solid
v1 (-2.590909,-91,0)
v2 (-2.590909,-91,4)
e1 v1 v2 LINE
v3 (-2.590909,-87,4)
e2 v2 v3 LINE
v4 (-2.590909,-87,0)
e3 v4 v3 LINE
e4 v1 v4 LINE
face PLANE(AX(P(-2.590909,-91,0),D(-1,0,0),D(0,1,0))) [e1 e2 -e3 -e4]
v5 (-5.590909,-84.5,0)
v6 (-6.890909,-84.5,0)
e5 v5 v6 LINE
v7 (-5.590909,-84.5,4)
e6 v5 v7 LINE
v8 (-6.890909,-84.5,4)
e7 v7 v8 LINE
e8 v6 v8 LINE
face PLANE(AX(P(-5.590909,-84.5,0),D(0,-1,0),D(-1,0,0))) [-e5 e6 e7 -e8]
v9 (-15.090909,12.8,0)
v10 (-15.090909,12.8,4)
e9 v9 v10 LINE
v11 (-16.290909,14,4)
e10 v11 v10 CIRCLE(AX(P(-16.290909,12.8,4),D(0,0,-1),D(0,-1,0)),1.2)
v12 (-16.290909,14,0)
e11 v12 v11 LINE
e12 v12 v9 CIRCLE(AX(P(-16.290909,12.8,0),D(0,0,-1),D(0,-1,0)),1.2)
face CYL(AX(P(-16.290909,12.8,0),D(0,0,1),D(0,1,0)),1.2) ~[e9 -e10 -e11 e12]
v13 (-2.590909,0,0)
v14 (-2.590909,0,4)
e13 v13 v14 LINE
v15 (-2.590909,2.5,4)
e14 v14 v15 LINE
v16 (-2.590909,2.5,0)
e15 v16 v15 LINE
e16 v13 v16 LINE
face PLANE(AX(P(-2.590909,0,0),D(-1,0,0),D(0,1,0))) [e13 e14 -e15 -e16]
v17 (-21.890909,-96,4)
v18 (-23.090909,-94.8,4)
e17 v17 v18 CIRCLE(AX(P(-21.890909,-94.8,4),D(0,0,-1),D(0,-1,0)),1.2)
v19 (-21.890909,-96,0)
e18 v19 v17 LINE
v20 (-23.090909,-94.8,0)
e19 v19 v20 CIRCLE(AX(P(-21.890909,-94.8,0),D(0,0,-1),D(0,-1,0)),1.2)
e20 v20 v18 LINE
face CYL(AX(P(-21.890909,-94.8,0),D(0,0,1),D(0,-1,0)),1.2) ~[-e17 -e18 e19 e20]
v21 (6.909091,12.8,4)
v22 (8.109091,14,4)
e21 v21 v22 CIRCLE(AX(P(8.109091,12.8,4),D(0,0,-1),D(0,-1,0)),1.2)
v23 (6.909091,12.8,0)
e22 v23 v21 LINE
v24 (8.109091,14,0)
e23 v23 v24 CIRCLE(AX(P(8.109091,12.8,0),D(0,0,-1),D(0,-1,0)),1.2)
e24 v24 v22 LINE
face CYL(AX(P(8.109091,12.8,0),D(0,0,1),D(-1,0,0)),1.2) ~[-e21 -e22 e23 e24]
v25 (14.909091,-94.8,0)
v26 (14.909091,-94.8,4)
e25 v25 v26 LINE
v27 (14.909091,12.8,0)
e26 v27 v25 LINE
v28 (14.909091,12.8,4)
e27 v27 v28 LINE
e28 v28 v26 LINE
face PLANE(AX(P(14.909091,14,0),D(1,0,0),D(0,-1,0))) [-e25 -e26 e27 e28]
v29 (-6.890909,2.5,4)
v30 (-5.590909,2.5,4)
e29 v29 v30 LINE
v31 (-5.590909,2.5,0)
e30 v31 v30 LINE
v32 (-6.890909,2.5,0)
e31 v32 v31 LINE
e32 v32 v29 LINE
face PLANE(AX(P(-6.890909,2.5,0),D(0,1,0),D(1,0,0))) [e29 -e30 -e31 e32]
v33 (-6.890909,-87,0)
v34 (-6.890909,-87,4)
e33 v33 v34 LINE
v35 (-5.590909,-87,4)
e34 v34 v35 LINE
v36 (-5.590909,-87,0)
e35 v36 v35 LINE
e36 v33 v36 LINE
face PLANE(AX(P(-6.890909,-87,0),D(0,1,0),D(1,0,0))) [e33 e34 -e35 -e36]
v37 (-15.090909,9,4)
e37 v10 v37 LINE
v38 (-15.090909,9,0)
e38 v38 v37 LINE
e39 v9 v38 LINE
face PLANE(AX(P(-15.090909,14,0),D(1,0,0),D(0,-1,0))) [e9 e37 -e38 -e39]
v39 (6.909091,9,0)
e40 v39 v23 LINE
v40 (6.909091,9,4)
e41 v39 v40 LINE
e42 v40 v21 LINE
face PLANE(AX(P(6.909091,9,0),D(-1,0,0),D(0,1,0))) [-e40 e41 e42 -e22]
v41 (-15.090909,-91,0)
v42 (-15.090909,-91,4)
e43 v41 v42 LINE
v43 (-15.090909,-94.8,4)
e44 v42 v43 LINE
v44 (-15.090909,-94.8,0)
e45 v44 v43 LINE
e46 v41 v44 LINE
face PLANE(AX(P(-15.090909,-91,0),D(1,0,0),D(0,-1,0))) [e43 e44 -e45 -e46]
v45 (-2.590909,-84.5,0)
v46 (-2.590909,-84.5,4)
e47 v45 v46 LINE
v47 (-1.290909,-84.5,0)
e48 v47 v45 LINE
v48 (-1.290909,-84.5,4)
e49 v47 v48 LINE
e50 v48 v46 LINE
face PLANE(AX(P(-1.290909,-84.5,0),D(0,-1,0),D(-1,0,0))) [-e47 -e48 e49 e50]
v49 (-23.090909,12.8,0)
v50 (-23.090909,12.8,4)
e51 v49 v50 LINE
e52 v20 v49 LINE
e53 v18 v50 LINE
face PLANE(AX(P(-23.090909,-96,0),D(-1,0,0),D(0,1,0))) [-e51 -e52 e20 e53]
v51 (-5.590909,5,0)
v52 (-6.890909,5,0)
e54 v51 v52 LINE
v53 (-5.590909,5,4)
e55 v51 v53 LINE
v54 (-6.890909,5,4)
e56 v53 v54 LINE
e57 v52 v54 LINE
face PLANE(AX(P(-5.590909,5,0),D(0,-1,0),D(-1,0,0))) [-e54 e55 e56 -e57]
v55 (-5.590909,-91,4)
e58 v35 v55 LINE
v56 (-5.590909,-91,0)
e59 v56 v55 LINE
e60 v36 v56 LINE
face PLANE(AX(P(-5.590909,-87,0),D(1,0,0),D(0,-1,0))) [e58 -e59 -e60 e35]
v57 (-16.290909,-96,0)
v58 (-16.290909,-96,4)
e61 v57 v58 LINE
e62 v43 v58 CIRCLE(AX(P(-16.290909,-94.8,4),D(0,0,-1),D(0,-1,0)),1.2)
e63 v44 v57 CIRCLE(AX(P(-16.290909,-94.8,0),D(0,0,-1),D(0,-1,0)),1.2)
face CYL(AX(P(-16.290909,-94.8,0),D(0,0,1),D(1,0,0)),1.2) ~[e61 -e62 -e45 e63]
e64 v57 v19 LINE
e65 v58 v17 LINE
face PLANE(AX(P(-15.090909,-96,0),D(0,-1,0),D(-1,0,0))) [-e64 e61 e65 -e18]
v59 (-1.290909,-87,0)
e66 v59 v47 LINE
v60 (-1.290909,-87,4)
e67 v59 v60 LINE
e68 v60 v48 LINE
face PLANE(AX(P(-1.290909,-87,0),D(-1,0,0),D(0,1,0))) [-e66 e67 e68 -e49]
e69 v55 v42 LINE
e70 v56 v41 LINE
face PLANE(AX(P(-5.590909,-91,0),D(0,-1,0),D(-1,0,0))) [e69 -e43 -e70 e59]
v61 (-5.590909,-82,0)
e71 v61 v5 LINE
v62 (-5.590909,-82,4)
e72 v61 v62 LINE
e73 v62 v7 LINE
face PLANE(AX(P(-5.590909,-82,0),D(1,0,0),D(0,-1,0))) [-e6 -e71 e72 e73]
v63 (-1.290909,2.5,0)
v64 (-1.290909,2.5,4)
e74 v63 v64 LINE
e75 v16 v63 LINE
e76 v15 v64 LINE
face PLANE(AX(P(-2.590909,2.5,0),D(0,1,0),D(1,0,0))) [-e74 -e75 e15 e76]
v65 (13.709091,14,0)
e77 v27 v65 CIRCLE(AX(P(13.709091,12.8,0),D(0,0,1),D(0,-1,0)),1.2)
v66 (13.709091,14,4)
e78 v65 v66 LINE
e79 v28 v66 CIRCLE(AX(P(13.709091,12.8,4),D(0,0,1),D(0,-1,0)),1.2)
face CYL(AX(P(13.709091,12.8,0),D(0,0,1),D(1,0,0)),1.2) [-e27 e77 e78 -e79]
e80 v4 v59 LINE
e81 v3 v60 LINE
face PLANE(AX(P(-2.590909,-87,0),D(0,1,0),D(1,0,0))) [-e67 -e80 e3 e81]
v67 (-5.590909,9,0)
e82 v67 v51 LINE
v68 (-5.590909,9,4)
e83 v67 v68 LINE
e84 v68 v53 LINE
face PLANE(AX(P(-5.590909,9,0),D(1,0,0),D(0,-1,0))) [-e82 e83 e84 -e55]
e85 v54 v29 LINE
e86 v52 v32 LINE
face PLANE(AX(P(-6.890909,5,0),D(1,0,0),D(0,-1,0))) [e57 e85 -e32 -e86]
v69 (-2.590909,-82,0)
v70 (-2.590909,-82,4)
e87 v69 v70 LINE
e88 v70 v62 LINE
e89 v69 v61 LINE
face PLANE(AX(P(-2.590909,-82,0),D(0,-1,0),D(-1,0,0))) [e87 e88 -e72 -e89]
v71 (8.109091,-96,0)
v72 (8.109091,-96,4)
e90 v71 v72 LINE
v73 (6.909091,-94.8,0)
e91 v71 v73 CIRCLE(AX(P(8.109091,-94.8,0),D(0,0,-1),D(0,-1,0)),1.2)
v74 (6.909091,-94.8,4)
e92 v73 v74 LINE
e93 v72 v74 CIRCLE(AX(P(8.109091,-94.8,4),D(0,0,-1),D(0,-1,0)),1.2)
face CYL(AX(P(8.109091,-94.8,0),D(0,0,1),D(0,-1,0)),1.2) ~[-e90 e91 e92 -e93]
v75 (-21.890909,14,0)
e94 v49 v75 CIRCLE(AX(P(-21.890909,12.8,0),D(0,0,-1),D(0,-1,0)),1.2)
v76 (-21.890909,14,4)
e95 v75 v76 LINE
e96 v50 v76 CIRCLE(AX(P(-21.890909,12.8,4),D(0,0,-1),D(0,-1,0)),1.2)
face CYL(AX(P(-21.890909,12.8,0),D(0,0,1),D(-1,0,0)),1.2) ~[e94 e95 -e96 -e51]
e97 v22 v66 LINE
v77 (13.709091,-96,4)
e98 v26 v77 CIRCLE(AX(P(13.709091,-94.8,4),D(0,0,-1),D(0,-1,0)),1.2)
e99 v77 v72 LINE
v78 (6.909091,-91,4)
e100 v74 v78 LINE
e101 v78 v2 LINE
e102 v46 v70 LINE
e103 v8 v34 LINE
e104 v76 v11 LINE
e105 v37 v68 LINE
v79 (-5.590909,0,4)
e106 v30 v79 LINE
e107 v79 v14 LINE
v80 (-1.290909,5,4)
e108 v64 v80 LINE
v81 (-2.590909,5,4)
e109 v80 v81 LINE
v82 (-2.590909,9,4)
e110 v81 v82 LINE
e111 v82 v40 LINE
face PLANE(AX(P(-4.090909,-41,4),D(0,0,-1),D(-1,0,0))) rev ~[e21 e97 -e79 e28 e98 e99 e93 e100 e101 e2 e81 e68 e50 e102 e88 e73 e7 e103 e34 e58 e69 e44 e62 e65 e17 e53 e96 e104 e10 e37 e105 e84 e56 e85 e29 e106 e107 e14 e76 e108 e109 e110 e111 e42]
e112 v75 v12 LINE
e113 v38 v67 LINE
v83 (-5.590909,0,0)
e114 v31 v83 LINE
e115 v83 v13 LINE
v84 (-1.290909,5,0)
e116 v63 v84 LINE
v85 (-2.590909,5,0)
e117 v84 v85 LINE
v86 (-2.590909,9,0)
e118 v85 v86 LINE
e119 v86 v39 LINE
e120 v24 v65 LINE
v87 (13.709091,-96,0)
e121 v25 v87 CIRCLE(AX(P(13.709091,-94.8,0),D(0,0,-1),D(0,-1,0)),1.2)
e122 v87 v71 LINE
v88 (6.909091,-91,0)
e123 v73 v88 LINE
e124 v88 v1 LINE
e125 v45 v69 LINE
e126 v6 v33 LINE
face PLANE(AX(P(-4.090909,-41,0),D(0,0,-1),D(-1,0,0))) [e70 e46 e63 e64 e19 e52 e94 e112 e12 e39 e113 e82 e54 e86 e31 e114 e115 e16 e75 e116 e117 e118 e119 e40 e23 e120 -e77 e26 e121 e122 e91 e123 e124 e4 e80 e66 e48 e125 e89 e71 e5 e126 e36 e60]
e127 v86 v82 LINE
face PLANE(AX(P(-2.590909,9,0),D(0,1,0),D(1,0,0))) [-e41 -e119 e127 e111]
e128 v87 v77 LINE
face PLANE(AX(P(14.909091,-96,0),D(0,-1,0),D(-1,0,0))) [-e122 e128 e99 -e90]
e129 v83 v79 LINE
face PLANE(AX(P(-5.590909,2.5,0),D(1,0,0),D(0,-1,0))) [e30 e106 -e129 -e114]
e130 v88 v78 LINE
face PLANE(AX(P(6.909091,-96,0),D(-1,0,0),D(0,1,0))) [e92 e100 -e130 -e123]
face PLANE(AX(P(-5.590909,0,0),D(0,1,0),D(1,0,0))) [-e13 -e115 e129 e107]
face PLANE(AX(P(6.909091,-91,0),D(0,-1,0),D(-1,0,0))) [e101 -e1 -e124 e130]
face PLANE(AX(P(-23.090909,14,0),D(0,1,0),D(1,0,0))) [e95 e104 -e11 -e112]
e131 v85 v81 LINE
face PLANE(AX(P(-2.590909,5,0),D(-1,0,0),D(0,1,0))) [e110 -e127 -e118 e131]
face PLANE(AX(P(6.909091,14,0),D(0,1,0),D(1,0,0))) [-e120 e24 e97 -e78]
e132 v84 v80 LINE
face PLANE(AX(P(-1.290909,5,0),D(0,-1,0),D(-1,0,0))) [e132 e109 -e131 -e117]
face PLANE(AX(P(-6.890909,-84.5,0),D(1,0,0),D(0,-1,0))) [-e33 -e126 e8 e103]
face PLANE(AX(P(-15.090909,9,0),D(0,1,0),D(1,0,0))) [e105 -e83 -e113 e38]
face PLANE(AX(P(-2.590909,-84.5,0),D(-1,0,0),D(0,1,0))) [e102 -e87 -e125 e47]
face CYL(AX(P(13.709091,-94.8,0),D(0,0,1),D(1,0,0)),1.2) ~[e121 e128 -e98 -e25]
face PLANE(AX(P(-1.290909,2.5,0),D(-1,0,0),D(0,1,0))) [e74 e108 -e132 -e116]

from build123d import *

# Parameters (mm, degrees)
EXTRUDE_1_DEPTH = 4
FILLET_1_R      = 1.2


with BuildPart() as part:
    # 草图1 → 凸台-拉伸1 (new body)
    with BuildSketch(Plane.XY):
        Polygon((14.909090909, 14), (14.909090909, -96), (6.909090909, -96), (6.909090909, -91), (-2.590909091, -91), (-2.590909091, -87), (-1.290909091, -87), (-1.290909091, -84.5), (-2.590909091, -84.5), (-2.590909091, -82), (-5.590909091, -82), (-5.590909091, -84.5), (-6.890909091, -84.5), (-6.890909091, -87), (-5.590909091, -87), (-5.590909091, -91), (-15.090909091, -91), (-15.090909091, -96), (-23.090909091, -96), (-23.090909091, 14), (-15.090909091, 14), (-15.090909091, 9), (-5.590909091, 9), (-5.590909091, 5), (-6.890909091, 5), (-6.890909091, 2.5), (-5.590909091, 2.5), (-5.590909091, 0), (-2.590909091, 0), (-2.590909091, 2.5), (-1.290909091, 2.5), (-1.290909091, 5), (-2.590909091, 5), (-2.590909091, 9), (6.909090909, 9), (6.909090909, 14), align=None)
    extrude(amount=EXTRUDE_1_DEPTH)

    # 圆角1
    fillet_1_edges = [part.edges().sort_by_distance(p)[0] for p in [
        (6.909090909, 14, 2),
        (14.909090909, 14, 2),
        (14.909090909, -96, 2),
        (6.909090909, -96, 2),
        (-15.090909091, -96, 2),
        (-23.090909091, -96, 2),
        (-23.090909091, 14, 2),
        (-15.090909091, 14, 2),
    ]]
    fillet(fillet_1_edges, radius=FILLET_1_R)


solid = part.part
